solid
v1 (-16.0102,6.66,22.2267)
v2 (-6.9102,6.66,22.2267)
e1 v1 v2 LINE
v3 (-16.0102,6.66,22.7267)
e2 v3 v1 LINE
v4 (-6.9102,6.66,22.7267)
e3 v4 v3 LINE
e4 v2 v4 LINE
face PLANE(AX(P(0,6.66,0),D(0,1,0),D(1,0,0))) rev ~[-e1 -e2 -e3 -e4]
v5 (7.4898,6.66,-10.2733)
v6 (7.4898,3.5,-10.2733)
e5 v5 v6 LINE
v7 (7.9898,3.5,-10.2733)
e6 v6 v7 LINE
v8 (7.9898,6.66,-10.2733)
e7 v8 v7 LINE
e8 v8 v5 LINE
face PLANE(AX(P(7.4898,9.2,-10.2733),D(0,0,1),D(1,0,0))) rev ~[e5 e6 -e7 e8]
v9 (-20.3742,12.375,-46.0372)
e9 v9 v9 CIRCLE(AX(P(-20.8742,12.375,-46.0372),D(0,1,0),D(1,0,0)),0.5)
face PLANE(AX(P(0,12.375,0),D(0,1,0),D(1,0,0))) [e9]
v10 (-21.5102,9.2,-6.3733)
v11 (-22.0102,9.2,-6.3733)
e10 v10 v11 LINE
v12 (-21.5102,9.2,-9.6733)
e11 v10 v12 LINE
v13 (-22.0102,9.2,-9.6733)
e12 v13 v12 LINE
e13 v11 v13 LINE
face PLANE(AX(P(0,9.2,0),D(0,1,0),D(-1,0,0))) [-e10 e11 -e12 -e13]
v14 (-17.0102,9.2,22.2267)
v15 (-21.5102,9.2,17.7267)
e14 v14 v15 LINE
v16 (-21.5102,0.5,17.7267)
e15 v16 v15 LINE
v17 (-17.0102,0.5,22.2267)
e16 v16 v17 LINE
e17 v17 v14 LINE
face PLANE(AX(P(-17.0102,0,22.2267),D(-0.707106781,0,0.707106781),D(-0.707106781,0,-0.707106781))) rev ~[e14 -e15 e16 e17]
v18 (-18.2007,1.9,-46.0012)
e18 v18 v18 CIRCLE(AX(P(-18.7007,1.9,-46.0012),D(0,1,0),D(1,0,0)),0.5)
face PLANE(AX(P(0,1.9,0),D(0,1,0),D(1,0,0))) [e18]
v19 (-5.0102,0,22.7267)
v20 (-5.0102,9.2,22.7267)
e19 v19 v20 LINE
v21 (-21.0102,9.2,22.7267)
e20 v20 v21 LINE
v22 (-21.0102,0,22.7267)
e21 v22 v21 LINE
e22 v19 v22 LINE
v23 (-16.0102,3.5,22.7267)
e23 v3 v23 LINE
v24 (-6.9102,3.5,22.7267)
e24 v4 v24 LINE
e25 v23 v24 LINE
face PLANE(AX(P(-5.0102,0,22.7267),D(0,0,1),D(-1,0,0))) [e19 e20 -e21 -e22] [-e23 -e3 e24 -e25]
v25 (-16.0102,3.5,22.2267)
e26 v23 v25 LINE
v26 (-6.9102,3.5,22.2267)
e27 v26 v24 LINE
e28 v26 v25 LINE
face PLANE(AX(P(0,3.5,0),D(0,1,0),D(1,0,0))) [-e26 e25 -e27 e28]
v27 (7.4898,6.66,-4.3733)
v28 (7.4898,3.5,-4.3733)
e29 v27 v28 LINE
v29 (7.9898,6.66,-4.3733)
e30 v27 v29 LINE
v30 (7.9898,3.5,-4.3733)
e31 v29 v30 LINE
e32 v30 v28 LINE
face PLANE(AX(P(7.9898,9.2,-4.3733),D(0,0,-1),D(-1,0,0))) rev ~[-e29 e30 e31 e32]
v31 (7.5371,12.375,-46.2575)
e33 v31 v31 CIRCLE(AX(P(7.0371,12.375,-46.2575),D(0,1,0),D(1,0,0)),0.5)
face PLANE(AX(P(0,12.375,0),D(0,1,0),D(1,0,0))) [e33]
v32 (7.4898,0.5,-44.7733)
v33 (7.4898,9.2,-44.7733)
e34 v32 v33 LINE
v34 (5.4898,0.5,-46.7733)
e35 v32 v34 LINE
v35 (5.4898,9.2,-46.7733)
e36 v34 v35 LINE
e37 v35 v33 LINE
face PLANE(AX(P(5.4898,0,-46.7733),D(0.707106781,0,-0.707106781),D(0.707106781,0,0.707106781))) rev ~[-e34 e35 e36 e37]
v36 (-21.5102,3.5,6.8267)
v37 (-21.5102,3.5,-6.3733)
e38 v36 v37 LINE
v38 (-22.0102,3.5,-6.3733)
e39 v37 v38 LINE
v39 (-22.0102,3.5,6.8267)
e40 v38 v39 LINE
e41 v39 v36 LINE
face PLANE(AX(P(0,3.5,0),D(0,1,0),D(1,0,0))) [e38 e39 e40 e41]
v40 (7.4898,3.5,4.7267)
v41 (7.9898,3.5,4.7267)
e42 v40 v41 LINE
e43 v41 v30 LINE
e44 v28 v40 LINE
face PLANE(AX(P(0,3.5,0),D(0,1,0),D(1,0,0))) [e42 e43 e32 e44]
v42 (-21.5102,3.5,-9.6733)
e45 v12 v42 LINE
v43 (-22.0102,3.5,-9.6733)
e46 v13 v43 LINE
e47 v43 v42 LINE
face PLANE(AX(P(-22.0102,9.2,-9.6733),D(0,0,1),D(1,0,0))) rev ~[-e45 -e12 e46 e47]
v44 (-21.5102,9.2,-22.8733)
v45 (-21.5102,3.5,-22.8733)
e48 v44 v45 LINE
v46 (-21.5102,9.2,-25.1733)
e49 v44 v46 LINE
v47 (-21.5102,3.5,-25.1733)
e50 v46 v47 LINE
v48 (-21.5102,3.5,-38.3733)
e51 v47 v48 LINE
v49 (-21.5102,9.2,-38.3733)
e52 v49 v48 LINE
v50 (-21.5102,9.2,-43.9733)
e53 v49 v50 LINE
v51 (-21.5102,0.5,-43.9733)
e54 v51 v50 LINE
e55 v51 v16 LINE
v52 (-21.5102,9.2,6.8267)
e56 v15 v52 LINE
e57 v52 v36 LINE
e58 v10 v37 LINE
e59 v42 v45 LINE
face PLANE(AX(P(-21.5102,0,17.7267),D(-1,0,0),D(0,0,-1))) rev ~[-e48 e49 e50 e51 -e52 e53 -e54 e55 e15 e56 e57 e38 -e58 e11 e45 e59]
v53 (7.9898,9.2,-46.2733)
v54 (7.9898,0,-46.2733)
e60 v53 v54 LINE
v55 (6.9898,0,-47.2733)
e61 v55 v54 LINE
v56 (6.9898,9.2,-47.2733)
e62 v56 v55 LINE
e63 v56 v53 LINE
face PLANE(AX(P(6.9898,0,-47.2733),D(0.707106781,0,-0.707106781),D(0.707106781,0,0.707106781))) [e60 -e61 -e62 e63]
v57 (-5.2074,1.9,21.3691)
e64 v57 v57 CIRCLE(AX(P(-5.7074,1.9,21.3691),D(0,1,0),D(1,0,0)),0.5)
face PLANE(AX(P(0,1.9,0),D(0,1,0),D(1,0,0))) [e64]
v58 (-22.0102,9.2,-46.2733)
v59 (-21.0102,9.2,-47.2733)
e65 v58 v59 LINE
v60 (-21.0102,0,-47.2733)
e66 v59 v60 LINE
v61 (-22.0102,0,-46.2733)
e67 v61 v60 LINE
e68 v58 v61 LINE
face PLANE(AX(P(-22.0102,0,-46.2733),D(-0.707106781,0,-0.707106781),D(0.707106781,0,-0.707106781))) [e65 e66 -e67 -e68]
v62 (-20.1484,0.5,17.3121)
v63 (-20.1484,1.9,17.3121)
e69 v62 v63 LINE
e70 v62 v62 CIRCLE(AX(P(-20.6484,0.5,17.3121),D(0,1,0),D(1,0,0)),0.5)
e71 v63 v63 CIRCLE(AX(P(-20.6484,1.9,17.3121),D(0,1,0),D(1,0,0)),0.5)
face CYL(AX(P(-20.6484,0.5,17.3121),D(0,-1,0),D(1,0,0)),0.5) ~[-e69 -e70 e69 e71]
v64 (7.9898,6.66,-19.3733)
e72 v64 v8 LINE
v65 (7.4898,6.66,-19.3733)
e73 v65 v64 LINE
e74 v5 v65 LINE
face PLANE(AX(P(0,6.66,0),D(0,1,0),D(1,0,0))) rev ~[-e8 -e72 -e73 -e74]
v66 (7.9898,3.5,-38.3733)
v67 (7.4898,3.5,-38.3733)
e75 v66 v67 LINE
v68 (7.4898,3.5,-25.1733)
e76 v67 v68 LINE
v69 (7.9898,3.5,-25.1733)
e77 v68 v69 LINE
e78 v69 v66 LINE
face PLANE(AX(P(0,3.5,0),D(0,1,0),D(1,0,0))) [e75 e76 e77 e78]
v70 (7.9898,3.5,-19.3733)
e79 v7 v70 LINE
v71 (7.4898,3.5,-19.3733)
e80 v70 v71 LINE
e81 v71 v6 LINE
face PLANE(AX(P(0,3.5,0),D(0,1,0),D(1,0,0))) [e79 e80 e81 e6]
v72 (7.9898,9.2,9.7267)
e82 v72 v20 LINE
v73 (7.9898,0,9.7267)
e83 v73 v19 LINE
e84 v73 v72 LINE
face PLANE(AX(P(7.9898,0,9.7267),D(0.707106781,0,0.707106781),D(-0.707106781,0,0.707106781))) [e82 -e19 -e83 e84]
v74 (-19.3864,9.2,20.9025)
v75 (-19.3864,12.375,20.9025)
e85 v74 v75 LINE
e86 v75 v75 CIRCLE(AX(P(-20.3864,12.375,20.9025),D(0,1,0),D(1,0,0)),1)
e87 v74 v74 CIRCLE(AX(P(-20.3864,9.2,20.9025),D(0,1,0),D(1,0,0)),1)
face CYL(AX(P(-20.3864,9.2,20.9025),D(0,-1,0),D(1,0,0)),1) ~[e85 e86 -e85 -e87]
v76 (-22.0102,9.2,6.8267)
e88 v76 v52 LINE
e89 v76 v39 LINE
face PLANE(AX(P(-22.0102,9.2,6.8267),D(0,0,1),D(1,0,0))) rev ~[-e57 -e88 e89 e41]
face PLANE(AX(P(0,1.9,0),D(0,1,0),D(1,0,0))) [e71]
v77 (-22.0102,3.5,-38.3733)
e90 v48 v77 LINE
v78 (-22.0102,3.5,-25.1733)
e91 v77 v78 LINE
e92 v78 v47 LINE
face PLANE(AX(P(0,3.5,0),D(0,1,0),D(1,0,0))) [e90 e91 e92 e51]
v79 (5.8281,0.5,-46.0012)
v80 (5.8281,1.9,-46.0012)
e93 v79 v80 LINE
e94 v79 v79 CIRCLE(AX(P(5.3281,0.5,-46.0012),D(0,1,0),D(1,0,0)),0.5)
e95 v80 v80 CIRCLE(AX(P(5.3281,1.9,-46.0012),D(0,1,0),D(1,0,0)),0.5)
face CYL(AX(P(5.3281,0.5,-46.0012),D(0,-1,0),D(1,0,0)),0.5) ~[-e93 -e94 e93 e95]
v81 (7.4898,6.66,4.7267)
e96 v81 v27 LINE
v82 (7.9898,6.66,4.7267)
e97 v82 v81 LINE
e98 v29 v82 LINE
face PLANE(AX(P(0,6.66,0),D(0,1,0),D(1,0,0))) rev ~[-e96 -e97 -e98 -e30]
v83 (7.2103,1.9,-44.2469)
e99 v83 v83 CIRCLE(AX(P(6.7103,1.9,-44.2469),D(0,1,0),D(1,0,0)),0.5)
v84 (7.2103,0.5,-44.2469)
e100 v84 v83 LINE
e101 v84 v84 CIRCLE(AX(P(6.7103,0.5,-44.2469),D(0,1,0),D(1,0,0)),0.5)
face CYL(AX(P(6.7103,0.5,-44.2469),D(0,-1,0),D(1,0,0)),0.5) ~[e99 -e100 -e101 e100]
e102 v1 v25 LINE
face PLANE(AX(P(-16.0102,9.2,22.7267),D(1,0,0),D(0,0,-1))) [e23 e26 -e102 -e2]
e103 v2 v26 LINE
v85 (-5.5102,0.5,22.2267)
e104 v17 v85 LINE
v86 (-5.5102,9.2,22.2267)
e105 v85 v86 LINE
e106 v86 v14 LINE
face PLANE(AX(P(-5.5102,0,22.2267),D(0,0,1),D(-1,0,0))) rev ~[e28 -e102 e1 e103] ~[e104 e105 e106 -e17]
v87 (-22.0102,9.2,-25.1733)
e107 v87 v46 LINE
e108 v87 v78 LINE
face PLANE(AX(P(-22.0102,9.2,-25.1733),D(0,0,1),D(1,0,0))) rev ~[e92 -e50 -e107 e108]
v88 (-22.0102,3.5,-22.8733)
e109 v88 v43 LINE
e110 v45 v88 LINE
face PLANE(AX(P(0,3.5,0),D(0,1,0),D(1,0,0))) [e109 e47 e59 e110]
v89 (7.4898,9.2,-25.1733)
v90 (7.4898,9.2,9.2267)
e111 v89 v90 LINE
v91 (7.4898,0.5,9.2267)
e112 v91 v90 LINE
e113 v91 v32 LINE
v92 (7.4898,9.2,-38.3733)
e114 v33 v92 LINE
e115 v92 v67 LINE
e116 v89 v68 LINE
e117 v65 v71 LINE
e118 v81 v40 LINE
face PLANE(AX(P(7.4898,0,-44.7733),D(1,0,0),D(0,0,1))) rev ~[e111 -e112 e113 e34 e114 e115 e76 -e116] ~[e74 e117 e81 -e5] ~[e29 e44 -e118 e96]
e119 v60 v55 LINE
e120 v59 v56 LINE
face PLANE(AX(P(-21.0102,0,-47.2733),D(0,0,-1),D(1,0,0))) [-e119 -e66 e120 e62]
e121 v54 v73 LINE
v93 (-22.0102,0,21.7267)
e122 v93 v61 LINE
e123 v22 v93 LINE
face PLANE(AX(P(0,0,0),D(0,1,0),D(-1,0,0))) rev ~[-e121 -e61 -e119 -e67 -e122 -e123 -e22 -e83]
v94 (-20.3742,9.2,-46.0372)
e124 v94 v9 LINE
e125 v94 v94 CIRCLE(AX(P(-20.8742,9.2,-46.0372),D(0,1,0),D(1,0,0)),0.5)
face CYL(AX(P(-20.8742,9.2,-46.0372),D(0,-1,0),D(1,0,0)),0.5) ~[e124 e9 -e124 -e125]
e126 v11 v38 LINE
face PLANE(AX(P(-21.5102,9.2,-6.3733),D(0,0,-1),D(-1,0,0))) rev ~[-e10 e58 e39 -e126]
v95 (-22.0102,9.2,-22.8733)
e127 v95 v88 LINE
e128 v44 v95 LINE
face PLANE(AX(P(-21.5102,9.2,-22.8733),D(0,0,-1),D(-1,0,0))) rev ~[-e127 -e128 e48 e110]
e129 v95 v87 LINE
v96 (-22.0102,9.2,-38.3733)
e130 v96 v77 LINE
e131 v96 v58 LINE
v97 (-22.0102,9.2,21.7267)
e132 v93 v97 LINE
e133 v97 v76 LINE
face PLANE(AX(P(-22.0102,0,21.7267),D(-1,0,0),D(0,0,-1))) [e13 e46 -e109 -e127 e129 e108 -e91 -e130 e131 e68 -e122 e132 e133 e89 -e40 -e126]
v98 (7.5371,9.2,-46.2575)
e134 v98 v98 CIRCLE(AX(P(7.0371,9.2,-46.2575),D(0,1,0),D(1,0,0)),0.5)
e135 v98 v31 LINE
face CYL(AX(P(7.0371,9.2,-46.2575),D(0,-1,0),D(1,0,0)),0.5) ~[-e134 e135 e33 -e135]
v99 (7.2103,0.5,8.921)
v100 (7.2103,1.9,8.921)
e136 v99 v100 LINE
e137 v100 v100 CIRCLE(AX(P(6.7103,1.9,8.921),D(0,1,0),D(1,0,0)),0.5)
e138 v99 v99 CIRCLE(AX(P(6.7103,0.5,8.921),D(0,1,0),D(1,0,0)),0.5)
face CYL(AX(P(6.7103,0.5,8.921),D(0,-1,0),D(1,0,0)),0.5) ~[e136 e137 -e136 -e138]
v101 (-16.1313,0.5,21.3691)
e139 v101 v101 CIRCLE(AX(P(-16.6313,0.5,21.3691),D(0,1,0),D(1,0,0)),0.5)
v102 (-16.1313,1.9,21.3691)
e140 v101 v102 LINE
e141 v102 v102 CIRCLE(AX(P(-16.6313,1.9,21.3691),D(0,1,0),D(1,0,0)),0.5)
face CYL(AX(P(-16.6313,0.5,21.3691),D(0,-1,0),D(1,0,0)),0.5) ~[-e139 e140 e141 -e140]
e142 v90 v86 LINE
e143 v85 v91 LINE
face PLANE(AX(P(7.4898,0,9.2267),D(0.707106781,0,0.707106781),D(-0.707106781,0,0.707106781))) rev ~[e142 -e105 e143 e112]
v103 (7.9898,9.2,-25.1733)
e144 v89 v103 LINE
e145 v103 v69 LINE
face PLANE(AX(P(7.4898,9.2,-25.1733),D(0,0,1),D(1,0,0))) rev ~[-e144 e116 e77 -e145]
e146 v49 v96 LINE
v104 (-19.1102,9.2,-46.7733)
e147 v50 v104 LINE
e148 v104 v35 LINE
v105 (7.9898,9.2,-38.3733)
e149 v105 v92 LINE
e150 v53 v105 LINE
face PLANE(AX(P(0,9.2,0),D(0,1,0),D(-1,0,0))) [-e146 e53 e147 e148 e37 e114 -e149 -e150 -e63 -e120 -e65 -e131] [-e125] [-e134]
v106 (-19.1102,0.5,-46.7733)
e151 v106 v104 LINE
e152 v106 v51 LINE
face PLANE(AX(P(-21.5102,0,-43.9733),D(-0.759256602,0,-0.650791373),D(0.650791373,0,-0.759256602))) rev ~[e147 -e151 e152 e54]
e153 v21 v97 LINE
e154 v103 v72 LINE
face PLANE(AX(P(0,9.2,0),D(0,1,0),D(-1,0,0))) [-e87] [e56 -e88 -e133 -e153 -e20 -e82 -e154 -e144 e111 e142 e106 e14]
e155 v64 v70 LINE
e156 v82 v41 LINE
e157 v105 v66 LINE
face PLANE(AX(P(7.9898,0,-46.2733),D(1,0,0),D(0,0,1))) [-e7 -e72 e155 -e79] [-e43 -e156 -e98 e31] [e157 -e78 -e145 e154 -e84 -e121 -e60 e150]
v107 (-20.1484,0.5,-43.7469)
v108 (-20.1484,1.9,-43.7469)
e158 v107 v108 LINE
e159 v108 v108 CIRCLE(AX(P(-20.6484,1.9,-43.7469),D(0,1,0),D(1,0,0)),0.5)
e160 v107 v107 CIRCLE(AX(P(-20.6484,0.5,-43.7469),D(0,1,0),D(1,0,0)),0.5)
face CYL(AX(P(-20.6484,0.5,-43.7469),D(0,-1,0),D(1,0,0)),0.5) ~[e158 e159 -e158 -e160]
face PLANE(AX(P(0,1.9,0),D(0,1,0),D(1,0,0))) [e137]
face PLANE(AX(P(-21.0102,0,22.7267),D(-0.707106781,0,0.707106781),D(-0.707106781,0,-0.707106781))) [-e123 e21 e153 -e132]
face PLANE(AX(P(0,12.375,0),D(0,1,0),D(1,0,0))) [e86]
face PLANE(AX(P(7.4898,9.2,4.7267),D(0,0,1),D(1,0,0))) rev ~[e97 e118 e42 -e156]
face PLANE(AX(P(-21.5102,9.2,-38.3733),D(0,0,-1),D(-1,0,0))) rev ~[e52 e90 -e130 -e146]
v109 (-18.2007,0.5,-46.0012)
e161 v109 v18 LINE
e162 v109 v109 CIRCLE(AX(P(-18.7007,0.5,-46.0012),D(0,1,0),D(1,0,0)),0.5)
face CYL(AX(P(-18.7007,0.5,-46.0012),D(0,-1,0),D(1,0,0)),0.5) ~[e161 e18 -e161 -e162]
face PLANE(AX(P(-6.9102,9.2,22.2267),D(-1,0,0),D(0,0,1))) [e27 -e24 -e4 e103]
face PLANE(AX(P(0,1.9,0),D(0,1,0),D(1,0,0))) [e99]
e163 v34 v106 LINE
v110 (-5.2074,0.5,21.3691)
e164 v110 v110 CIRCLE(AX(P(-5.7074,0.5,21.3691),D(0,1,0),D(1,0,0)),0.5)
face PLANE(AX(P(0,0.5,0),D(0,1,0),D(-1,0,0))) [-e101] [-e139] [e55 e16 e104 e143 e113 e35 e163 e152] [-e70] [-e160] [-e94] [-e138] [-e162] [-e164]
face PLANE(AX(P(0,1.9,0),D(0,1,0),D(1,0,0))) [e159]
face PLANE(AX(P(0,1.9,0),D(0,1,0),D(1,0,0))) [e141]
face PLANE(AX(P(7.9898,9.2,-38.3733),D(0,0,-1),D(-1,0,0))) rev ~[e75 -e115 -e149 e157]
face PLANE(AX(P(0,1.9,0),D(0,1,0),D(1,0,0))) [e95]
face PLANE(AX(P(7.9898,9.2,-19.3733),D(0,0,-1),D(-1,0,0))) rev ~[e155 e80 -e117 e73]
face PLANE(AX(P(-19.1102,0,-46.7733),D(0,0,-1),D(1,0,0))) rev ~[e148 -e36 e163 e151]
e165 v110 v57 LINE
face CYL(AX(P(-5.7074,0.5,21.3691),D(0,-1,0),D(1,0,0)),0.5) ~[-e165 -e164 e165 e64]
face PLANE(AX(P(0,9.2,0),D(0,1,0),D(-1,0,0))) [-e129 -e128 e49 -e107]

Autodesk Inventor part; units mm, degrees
ref_plane "YZ Plane" through (0, 0, 0) normal (1, 0, 0) x (0, 1, 0)
ref_plane "XZ Plane" through (0, 0, 0) normal (0, 1, 0) x (-1, 0, 0)
ref_plane "XY Plane" through (0, 0, 0) normal (0, 0, 1) x (1, 0, 0)
sketch "Sketch1" plane through (0, 0, 0) normal (0, 1, 0) x (-1, 0, 0)
  line L0 (21.5102, 17.7267) -> (21.5102, -43.9733)
  line L1 (21.5102, -43.9733) -> (19.1102, -46.7733)
  line L2 (19.1102, -46.7733) -> (-5.4898, -46.7733)
  line L3 (-5.4898, -46.7733) -> (-7.4898, -44.7733)
  line L4 (-7.4898, -44.7733) -> (-7.4898, 9.2267)
  line L5 (-7.4898, 9.2267) -> (5.5102, 22.2267)
  line L6 (5.5102, 22.2267) -> (17.0102, 22.2267)
  line L7 (17.0102, 22.2267) -> (21.5102, 17.7267)
  line L8 (22.0102, 21.7267) -> (22.0102, -46.2733)
  line L9 (22.0102, -46.2733) -> (21.0102, -47.2733)
  line L10 (21.0102, -47.2733) -> (-6.9898, -47.2733)
  line L11 (-6.9898, -47.2733) -> (-7.9898, -46.2733)
  line L12 (-7.9898, -46.2733) -> (-7.9898, 9.7267)
  line L13 (-7.9898, 9.7267) -> (5.0102, 22.7267)
  line L14 (5.0102, 22.7267) -> (21.0102, 22.7267)
  line L15 (21.0102, 22.7267) -> (22.0102, 21.7267)
  point P0 (0, 0)
  point P1 (14.1019, -14.4492)
  dimension "d0" = 69
  dimension "d1" = 29
  dimension "d2" = 2
  dimension "d3" = 2
  dimension "d4" = 2.8
  dimension "d5" = 2.4
  dimension "d6" = 4.5
  dimension "d7" = 4.5
  dimension "d8" = 13
  dimension "d9" = 13
  dimension "d10" = 70
  dimension "d11" = 30
  dimension "d12" = 1
  dimension "d13" = 1
  dimension "d14" = 1
  dimension "d15" = 1
  dimension "d16" = 1
  dimension "d17" = 1
  dimension "d18" = 13
  dimension "d19" = 13
  dimension "d34" = 0.5
  dimension "d35" = 0.5
extrude "Extrusion1" add sketch "Sketch1" along normal blind 0.5 contours L0 L1 L2 L3 L4 L5 L6 L7 | L8 L9 L10 L11 L12 L13 L14 L15
extrude "Extrusion2" add sketch "Sketch1" along normal blind 9.2
sketch "Sketch2" plane through (0, 0.5, 0) normal (0, 1, 0) x (1, 0, 0)
  circle A0 centre (-20.6484, -17.3121) radius 0.5
  circle A1 centre (-16.6313, -21.3691) radius 0.5
  circle A2 centre (-5.7074, -21.3691) radius 0.5
  circle A3 centre (6.7103, -8.921) radius 0.5
  circle A4 centre (6.7103, 44.2469) radius 0.5
  circle A5 centre (5.3281, 46.0012) radius 0.5
  circle A6 centre (-20.6484, 43.7469) radius 0.5
  circle A7 centre (-18.7007, 46.0012) radius 0.5
  point P0 (0, 0)
  dimension "d24" = 1
  dimension "d25" = 1
  dimension "d26" = 1
  dimension "d27" = 1
  dimension "d28" = 1
  dimension "d29" = 1
  dimension "d30" = 1
  dimension "d31" = 1
extrude "Extrusion3" add sketch "Sketch2" along normal blind 1.4
sketch "Sketch3" plane through (0, 9.2, 0) normal (0, 1, 0) x (1, 0, 0)
  line L0 (-21.0102, -22.7267) -> (-5.0102, -22.7267) projected
  line L1 (-5.0102, -22.7267) -> (7.9898, -9.7267) projected
  line L2 (7.9898, -9.7267) -> (7.9898, 46.2733) projected
  line L3 (7.9898, 46.2733) -> (6.9898, 47.2733) projected
  line L4 (6.9898, 47.2733) -> (-21.0102, 47.2733) projected
  line L5 (-21.0102, 47.2733) -> (-22.0102, 46.2733) projected
  line L6 (-22.0102, 46.2733) -> (-22.0102, -21.7267) projected
  line L7 (-22.0102, -21.7267) -> (-21.0102, -22.7267) projected
  line L8 (-21.5102, -17.7267) -> (-21.5102, 43.9733) projected
  line L9 (-19.1102, 46.7733) -> (5.4898, 46.7733) projected
  line L10 (7.4898, 44.7733) -> (7.4898, -9.2267) projected
  line L11 (7.4898, -9.2267) -> (-5.5102, -22.2267) projected
  line L12 (-5.5102, -22.2267) -> (-17.0102, -22.2267) projected
  line L13 (-17.0102, -22.2267) -> (-21.5102, -17.7267) projected
  line L14 (-5.5102, -22.2267) -> (-17.0102, -22.2267) projected
  line L15 (-21.0102, -22.7267) -> (-5.0102, -22.7267) projected
  line L16 (-16.0102, -22.2267) -> (-6.9102, -22.2267)
  line L17 (-6.9102, -22.2267) -> (-6.9102, -22.7267)
  line L18 (-6.9102, -22.7267) -> (-16.0102, -22.7267)
  line L19 (-16.0102, -22.7267) -> (-16.0102, -22.2267)
  line L20 (-21.5102, 43.9733) -> (-19.1102, 46.7733) projected
  line L21 (5.4898, 46.7733) -> (7.4898, 44.7733) projected
  line L22 (7.4898, -4.7267) -> (7.9898, -4.7267)
  line L23 (7.9898, -4.7267) -> (7.9898, 4.3733)
  line L24 (7.9898, 4.3733) -> (7.4898, 4.3733)
  line L25 (7.4898, 4.3733) -> (7.4898, -4.7267)
  line L26 (7.4898, 10.2733) -> (7.9898, 10.2733)
  line L27 (7.9898, 10.2733) -> (7.9898, 19.3733)
  line L28 (7.9898, 19.3733) -> (7.4898, 19.3733)
  line L29 (7.4898, 19.3733) -> (7.4898, 10.2733)
  line L30 (7.4898, 25.1733) -> (7.9898, 25.1733)
  line L31 (7.9898, 25.1733) -> (7.9898, 38.3733)
  line L32 (7.9898, 38.3733) -> (7.4898, 38.3733)
  line L33 (7.4898, 38.3733) -> (7.4898, 25.1733)
  line L34 (-22.0102, -6.8267) -> (-21.5102, -6.8267)
  line L35 (-21.5102, -6.8267) -> (-21.5102, 6.3733)
  line L36 (-21.5102, 6.3733) -> (-22.0102, 6.3733)
  line L37 (-22.0102, 6.3733) -> (-22.0102, -6.8267)
  line L38 (-21.5102, 43.9733) -> (-21.5102, -17.7267) projected
  line L39 (-22.0102, 9.6733) -> (-21.5102, 9.6733)
  line L40 (-21.5102, 9.6733) -> (-21.5102, 22.8733)
  line L41 (-21.5102, 22.8733) -> (-22.0102, 22.8733)
  line L42 (-22.0102, 22.8733) -> (-22.0102, 9.6733)
  line L43 (-22.0102, 25.1733) -> (-21.5102, 25.1733)
  line L44 (-21.5102, 25.1733) -> (-21.5102, 38.3733)
  line L45 (-21.5102, 38.3733) -> (-22.0102, 38.3733)
  line L46 (-22.0102, 38.3733) -> (-22.0102, 25.1733)
  point P0 (0, 0)
  point P1 (-16.0102, -22.4767)
  point P2 (-6.9102, -22.4767)
  point P3 (7.7398, -4.7267)
  point P4 (7.7398, 4.3733)
  point P5 (7.7398, 19.3733)
  point P6 (7.7398, 10.2733)
  point P7 (7.7398, 25.1733)
  point P8 (7.7398, 38.3733)
  point P9 (-21.7602, 6.3733)
  point P10 (-21.7602, -6.8267)
  point P11 (-21.7602, 9.6733)
  point P12 (-21.7602, 22.8733)
  point P13 (-21.7602, 38.3733)
  point P14 (-21.7602, 25.1733)
  dimension "d36" = 1
  dimension "d37" = 1.4
  dimension "d38" = 4.5
  dimension "d39" = 9.1
  dimension "d40" = 5.7462
  dimension "d41" = 5.9
  dimension "d42" = 9.1
  dimension "d43" = 5.8
  dimension "d44" = 13.2
  dimension "d45" = 13.2
  dimension "d46" = 10.9
  dimension "d47" = 3.3
  dimension "d48" = 13.2
  dimension "d49" = 13.2
  dimension "d50" = 2.3
extrude "Extrusion4" cut sketch "Sketch3" against normal blind 5.7 contours L19 L12 L17 L0 | L6 L36 L8 L34 | L6 L41 L8 L39 | L22 L10 L24 L2 | L6 L45 L8 L43 | L26 L10 L28 L2 | L30 L10 L32 L2
sketch "Sketch4" plane through (0, 9.2, 0) normal (0, 1, 0) x (1, 0, 0)
  line L0 (-6.9102, -22.7267) -> (-16.0102, -22.7267) projected
  line L1 (-6.9102, -22.2267) -> (-6.9102, -22.7267) projected
  line L2 (-16.0102, -22.2267) -> (-6.9102, -22.2267) projected
  line L3 (-16.0102, -22.7267) -> (-16.0102, -22.2267) projected
  line L4 (7.4898, -4.7267) -> (7.4898, 4.3733) projected
  line L5 (7.9898, -4.7267) -> (7.4898, -4.7267) projected
  line L6 (7.9898, 4.3733) -> (7.9898, -4.7267) projected
  line L7 (7.4898, 4.3733) -> (7.9898, 4.3733) projected
  line L8 (7.4898, 10.2733) -> (7.4898, 19.3733) projected
  line L9 (7.9898, 10.2733) -> (7.4898, 10.2733) projected
  line L10 (7.9898, 19.3733) -> (7.9898, 10.2733) projected
  line L11 (7.4898, 19.3733) -> (7.9898, 19.3733) projected
  point P0 (0, 0)
extrude "Extrusion5" add sketch "Sketch4" against normal blind 2.54
sketch "Sketch5" plane through (0, 9.2, 0) normal (0, 1, 0) x (1, 0, 0)
  circle A0 centre (-20.3864, -20.9025) radius 1
  circle A1 centre (-20.8742, 46.0372) radius 0.5
  circle A2 centre (7.0371, 46.2575) radius 0.5
  point P0 (0, 0)
  dimension "d55" = 2
  dimension "d56" = 1
  dimension "d57" = 1
extrude "Extrusion6" add sketch "Sketch5" along normal blind 3.175
equation "\"d9\" = d8"
equation "\"d19\" = d18"
properties part number "Bottom"
